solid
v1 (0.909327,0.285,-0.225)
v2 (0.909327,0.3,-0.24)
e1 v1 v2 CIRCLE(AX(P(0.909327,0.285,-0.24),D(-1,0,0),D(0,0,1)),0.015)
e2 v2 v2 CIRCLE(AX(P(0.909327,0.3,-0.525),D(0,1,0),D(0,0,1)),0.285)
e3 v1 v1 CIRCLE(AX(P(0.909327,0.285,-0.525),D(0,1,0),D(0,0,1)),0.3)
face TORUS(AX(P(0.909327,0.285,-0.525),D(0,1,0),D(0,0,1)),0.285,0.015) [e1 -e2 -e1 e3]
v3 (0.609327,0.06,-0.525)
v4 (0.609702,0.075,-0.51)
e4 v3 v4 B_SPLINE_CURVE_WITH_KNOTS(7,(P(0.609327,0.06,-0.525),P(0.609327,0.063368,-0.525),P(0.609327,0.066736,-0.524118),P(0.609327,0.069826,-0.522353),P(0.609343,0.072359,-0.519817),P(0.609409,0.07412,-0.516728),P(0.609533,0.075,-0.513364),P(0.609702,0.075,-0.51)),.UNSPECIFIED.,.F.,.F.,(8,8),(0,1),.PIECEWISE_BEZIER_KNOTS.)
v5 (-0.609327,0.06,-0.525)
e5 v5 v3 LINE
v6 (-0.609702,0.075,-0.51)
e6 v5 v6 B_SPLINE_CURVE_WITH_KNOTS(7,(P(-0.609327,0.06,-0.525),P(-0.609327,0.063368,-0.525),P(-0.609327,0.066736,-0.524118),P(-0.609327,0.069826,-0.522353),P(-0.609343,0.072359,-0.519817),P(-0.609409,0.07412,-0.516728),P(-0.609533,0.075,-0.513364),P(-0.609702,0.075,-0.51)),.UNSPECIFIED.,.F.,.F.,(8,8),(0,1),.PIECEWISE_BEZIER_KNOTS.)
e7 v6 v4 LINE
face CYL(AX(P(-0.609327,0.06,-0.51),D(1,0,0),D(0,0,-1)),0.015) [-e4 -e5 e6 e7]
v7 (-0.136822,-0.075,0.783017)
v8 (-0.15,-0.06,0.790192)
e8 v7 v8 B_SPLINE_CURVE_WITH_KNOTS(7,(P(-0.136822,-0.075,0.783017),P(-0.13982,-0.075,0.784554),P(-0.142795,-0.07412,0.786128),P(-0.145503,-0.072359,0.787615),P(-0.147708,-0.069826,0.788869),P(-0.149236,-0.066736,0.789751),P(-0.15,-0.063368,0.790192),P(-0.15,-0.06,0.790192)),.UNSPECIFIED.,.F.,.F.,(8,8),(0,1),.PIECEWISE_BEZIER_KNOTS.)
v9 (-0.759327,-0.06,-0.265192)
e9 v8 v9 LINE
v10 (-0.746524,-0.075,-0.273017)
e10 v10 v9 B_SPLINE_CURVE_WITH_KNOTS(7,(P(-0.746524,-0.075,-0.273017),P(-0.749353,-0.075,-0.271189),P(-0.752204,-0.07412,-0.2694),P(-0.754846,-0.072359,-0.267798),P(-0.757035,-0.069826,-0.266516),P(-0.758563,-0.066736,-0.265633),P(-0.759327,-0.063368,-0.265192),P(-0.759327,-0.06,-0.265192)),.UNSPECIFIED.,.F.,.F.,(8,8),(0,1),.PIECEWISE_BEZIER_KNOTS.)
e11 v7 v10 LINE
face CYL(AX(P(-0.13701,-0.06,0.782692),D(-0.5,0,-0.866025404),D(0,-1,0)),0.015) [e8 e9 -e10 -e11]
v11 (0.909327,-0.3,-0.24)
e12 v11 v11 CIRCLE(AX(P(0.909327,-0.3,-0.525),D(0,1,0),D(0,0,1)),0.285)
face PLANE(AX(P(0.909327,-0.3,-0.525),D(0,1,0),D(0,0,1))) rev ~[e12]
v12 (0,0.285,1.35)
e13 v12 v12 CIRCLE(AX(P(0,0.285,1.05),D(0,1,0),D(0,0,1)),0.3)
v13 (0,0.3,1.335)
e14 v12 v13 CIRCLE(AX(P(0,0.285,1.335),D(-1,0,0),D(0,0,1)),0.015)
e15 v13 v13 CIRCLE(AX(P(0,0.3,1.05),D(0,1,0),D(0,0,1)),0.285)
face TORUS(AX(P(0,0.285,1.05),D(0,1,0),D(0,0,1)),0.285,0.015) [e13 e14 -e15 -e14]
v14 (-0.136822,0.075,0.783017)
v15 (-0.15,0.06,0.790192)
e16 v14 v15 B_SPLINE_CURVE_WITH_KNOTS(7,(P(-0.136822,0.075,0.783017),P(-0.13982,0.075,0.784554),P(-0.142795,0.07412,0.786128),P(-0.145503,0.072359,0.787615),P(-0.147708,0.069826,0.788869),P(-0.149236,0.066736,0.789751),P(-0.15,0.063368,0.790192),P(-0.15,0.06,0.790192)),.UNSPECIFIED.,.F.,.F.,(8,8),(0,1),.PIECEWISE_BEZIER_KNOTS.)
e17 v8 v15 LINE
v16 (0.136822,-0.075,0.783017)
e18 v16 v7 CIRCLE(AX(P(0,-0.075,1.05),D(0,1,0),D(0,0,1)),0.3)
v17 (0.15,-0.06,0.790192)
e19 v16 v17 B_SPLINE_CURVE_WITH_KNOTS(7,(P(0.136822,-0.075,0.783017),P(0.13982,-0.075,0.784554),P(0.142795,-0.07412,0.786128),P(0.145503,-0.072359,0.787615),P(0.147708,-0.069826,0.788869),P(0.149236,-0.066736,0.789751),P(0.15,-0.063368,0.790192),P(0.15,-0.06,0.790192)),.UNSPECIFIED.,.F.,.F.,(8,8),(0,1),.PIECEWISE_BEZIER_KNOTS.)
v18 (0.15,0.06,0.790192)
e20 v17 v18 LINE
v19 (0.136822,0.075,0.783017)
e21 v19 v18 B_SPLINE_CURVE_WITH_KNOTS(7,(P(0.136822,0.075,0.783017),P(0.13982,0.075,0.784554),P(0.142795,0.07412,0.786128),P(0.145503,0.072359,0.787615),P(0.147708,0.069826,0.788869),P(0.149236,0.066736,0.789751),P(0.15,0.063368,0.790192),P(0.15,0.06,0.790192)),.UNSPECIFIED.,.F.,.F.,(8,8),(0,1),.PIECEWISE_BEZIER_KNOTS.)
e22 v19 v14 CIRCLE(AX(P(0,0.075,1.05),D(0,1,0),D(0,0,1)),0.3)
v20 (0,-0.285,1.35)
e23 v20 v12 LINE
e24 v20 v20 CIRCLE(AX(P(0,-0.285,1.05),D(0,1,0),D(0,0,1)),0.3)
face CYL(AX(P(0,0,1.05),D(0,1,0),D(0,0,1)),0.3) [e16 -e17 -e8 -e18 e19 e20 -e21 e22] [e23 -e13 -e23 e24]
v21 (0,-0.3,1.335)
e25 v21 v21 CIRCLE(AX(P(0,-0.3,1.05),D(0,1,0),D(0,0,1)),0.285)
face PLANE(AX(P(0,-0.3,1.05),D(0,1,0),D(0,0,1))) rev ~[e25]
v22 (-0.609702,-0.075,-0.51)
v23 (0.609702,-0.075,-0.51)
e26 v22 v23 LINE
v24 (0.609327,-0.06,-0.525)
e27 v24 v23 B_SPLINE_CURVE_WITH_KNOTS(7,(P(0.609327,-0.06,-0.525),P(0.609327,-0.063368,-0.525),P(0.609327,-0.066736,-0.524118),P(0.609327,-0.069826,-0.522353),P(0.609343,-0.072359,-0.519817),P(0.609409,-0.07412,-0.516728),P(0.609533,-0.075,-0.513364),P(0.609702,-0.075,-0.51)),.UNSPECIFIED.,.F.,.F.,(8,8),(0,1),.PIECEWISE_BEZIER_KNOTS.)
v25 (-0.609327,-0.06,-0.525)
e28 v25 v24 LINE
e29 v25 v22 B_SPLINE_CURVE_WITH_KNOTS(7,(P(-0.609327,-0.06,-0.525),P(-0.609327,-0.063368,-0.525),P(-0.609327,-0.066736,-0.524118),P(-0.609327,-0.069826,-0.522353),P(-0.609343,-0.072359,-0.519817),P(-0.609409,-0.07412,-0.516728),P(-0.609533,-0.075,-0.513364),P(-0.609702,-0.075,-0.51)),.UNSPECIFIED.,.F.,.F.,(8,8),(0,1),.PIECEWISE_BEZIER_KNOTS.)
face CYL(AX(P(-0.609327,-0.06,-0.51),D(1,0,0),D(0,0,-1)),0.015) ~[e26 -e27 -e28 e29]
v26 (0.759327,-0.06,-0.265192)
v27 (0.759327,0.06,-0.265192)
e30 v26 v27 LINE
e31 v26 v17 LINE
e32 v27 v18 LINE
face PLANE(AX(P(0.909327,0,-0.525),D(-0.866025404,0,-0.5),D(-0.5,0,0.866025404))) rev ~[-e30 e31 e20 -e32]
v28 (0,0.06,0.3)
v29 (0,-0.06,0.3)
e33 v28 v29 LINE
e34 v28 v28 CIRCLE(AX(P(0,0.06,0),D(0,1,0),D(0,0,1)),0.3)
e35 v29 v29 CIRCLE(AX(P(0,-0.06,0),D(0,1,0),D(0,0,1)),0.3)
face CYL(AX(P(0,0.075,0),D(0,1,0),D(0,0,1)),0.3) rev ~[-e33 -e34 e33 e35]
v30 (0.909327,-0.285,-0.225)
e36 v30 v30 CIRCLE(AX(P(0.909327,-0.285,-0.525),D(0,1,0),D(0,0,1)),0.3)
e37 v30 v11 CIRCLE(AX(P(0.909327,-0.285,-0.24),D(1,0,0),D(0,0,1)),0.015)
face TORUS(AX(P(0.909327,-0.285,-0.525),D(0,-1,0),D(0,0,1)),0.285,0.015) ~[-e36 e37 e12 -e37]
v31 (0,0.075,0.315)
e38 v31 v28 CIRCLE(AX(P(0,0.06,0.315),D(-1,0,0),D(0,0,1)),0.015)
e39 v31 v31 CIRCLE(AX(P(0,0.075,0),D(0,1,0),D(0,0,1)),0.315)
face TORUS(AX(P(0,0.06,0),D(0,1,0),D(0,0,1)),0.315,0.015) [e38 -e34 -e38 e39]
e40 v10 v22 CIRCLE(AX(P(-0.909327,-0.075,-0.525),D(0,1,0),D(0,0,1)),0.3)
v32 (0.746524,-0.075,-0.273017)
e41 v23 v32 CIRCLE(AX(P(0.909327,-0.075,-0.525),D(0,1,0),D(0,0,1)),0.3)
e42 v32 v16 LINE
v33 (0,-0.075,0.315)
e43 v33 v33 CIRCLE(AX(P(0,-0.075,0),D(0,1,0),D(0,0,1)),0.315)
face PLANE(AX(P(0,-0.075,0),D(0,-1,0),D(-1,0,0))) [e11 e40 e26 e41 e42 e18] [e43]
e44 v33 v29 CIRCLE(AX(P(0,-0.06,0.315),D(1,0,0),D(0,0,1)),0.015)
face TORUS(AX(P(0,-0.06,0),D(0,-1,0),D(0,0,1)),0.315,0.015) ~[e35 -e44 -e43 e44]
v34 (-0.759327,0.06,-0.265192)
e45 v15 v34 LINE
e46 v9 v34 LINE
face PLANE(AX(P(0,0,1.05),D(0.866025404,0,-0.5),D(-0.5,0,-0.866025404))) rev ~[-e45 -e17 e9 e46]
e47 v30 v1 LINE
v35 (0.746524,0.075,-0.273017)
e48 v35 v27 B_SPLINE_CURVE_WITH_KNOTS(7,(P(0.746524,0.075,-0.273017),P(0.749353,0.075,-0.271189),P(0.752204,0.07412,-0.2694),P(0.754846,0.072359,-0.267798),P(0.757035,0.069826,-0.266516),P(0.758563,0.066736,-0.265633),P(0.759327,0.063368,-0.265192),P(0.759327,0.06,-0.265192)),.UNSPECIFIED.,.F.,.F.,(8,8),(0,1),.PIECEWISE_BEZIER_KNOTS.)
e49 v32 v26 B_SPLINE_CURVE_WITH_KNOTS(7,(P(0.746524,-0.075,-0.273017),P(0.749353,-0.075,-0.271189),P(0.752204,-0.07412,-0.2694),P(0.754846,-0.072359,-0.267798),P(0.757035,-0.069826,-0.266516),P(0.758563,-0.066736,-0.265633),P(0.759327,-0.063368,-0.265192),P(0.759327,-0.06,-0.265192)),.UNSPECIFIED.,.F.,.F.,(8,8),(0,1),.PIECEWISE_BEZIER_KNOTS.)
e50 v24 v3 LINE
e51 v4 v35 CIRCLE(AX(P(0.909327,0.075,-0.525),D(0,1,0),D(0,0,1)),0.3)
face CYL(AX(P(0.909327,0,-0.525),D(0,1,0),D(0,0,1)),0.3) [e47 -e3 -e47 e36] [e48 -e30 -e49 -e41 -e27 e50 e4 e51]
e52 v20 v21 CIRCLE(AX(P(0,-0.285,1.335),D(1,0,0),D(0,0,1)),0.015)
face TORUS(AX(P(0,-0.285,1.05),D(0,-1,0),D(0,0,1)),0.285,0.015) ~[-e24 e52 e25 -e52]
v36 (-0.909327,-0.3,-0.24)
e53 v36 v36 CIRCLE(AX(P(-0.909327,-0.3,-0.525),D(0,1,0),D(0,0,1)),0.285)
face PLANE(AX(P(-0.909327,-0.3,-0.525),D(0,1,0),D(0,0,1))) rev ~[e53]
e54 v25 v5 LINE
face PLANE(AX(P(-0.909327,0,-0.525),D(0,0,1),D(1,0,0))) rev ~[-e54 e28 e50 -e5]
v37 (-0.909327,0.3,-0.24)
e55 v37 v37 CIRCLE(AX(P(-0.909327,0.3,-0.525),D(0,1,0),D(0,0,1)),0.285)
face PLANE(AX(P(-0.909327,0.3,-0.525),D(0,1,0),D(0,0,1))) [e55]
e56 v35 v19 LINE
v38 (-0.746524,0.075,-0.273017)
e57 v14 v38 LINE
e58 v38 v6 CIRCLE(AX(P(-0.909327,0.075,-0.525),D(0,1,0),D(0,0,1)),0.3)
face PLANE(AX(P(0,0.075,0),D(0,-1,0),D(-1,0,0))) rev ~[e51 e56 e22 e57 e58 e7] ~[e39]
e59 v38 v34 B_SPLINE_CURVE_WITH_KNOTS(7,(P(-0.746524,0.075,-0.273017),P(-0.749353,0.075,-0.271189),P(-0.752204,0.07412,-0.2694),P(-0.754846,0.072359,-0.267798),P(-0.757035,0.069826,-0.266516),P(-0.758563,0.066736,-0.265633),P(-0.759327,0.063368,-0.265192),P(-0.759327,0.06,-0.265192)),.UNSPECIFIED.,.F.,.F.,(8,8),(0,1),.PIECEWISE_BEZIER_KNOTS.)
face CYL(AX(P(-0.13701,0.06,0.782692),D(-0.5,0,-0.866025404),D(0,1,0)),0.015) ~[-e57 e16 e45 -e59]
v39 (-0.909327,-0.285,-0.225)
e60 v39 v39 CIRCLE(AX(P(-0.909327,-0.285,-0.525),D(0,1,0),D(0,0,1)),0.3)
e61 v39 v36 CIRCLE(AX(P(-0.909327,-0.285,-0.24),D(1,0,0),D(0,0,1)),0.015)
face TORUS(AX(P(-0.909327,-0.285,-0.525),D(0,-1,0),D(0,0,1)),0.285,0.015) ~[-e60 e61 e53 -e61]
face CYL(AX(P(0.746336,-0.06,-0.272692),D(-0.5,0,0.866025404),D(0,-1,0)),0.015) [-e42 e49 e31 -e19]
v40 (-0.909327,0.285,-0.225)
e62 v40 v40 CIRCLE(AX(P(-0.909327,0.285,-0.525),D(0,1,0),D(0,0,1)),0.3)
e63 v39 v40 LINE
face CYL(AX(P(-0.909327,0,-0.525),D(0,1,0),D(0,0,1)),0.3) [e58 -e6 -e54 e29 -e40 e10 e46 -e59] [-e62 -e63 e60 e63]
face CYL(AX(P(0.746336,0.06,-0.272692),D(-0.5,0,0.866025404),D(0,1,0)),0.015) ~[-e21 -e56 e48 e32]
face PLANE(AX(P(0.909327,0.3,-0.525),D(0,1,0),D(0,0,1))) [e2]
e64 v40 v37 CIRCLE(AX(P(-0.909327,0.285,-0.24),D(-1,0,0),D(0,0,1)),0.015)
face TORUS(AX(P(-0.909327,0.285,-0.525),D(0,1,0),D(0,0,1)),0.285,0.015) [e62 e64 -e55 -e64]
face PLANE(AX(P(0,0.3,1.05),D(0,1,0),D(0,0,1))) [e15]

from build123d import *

# Parameters (mm, degrees)
CROQUIS1_R                = 0.3
SALIENTE_EXTRUIR1_DEPTH   = 0.3
SALIENTE_EXTRUIR1_2_DEPTH = 0.3
SALIENTE_EXTRUIR1_3_DEPTH = 0.3
SALIENTE_EXTRUIR2_DEPTH   = 0.075
REDONDEO1_R               = 0.015
REDONDEO2_R               = 0.015
CROQUIS3_R                = 0.3
CORTAR_EXTRUIR1_DEPTH     = 1
REDONDEO3_R               = 0.015


with BuildPart() as part:
    # Croquis1 → Saliente-Extruir1 (new, symmetric)
    with BuildSketch(Plane(origin=(0, 0, 0), x_dir=(1, 0, 0), z_dir=(0, 1, 0))):
        with Locations(Location((-0.909326674, 0.525, 0), (0, 0, 270))):
            Circle(CROQUIS1_R)
    extrude(amount=SALIENTE_EXTRUIR1_DEPTH, both=True)



with BuildPart() as body_2:
    # Croquis1 → Saliente-Extruir1 2 (new, symmetric)
    with BuildSketch(Plane(origin=(0, 0, 0), x_dir=(1, 0, 0), z_dir=(0, 1, 0))):
        with Locations(Location((0.909326674, 0.525, 0), (0, 0, 270))):
            Circle(CROQUIS1_R)
    extrude(amount=SALIENTE_EXTRUIR1_2_DEPTH, both=True)


with BuildPart() as body_3:
    # Croquis1 → Saliente-Extruir1 3 (new, symmetric)
    with BuildSketch(Plane(origin=(0, 0, 0), x_dir=(1, 0, 0), z_dir=(0, 1, 0))):
        with Locations(Location((0, -1.05, 0), (0, 0, 270))):
            Circle(CROQUIS1_R)
    extrude(amount=SALIENTE_EXTRUIR1_3_DEPTH, both=True)


with BuildPart() as part_1:
    add(part.part)

    add(body_2.part)  # Saliente-Extruir2 merges body 2

    add(body_3.part)  # Saliente-Extruir2 merges body 3
    # Croquis2 → Saliente-Extruir2 (add, symmetric)
    with BuildSketch(Plane(origin=(0, 0, 0), x_dir=(1, 0, 0), z_dir=(0, 1, 0))):
        Polygon((-0.909326674, 0.525), (0.909326674, 0.525), (0, -1.05), align=None)
    extrude(amount=SALIENTE_EXTRUIR2_DEPTH, both=True)

    # Redondeo1
    redondeo1_edges = [part_1.edges().sort_by_distance(p)[0] for p in [
        (-0.454663337, -0.075, 0.2625),
        (-0.454663337, 0.075, 0.2625),
        (0, -0.075, -0.525),
        (0, 0.075, -0.525),
        (0.454663337, -0.075, 0.2625),
        (0.454663337, 0.075, 0.2625),
    ]]
    fillet(redondeo1_edges, radius=REDONDEO1_R)

    # Redondeo2
    redondeo2_edges = [part_1.edges().sort_by_distance(p)[0] for p in [
        (-0.909326674, -0.3, -0.825),
        (0.909326674, -0.3, -0.825),
        (0.909326674, 0.3, -0.825),
        (0, -0.3, 0.75),
        (0, 0.3, 0.75),
        (-0.909326674, 0.3, -0.825),
    ]]
    fillet(redondeo2_edges, radius=REDONDEO2_R)

    # Croquis3 → Cortar-Extruir1 (cut)
    with BuildSketch(Plane(origin=(0, 0.075, 0), x_dir=(1, 0, 0), z_dir=(0, 1, 0))):
        with Locations(Location((0, 0, 0), (0, 0, 270))):
            Circle(CROQUIS3_R)
    extrude(amount=-CORTAR_EXTRUIR1_DEPTH, mode=Mode.SUBTRACT)

    # Redondeo3
    redondeo3_edges = [part_1.edges().sort_by_distance(p)[0] for p in [
        (0, -0.075, -0.3),
        (0, 0.075, -0.3),
    ]]
    fillet(redondeo3_edges, radius=REDONDEO3_R)


solid = part_1.part
